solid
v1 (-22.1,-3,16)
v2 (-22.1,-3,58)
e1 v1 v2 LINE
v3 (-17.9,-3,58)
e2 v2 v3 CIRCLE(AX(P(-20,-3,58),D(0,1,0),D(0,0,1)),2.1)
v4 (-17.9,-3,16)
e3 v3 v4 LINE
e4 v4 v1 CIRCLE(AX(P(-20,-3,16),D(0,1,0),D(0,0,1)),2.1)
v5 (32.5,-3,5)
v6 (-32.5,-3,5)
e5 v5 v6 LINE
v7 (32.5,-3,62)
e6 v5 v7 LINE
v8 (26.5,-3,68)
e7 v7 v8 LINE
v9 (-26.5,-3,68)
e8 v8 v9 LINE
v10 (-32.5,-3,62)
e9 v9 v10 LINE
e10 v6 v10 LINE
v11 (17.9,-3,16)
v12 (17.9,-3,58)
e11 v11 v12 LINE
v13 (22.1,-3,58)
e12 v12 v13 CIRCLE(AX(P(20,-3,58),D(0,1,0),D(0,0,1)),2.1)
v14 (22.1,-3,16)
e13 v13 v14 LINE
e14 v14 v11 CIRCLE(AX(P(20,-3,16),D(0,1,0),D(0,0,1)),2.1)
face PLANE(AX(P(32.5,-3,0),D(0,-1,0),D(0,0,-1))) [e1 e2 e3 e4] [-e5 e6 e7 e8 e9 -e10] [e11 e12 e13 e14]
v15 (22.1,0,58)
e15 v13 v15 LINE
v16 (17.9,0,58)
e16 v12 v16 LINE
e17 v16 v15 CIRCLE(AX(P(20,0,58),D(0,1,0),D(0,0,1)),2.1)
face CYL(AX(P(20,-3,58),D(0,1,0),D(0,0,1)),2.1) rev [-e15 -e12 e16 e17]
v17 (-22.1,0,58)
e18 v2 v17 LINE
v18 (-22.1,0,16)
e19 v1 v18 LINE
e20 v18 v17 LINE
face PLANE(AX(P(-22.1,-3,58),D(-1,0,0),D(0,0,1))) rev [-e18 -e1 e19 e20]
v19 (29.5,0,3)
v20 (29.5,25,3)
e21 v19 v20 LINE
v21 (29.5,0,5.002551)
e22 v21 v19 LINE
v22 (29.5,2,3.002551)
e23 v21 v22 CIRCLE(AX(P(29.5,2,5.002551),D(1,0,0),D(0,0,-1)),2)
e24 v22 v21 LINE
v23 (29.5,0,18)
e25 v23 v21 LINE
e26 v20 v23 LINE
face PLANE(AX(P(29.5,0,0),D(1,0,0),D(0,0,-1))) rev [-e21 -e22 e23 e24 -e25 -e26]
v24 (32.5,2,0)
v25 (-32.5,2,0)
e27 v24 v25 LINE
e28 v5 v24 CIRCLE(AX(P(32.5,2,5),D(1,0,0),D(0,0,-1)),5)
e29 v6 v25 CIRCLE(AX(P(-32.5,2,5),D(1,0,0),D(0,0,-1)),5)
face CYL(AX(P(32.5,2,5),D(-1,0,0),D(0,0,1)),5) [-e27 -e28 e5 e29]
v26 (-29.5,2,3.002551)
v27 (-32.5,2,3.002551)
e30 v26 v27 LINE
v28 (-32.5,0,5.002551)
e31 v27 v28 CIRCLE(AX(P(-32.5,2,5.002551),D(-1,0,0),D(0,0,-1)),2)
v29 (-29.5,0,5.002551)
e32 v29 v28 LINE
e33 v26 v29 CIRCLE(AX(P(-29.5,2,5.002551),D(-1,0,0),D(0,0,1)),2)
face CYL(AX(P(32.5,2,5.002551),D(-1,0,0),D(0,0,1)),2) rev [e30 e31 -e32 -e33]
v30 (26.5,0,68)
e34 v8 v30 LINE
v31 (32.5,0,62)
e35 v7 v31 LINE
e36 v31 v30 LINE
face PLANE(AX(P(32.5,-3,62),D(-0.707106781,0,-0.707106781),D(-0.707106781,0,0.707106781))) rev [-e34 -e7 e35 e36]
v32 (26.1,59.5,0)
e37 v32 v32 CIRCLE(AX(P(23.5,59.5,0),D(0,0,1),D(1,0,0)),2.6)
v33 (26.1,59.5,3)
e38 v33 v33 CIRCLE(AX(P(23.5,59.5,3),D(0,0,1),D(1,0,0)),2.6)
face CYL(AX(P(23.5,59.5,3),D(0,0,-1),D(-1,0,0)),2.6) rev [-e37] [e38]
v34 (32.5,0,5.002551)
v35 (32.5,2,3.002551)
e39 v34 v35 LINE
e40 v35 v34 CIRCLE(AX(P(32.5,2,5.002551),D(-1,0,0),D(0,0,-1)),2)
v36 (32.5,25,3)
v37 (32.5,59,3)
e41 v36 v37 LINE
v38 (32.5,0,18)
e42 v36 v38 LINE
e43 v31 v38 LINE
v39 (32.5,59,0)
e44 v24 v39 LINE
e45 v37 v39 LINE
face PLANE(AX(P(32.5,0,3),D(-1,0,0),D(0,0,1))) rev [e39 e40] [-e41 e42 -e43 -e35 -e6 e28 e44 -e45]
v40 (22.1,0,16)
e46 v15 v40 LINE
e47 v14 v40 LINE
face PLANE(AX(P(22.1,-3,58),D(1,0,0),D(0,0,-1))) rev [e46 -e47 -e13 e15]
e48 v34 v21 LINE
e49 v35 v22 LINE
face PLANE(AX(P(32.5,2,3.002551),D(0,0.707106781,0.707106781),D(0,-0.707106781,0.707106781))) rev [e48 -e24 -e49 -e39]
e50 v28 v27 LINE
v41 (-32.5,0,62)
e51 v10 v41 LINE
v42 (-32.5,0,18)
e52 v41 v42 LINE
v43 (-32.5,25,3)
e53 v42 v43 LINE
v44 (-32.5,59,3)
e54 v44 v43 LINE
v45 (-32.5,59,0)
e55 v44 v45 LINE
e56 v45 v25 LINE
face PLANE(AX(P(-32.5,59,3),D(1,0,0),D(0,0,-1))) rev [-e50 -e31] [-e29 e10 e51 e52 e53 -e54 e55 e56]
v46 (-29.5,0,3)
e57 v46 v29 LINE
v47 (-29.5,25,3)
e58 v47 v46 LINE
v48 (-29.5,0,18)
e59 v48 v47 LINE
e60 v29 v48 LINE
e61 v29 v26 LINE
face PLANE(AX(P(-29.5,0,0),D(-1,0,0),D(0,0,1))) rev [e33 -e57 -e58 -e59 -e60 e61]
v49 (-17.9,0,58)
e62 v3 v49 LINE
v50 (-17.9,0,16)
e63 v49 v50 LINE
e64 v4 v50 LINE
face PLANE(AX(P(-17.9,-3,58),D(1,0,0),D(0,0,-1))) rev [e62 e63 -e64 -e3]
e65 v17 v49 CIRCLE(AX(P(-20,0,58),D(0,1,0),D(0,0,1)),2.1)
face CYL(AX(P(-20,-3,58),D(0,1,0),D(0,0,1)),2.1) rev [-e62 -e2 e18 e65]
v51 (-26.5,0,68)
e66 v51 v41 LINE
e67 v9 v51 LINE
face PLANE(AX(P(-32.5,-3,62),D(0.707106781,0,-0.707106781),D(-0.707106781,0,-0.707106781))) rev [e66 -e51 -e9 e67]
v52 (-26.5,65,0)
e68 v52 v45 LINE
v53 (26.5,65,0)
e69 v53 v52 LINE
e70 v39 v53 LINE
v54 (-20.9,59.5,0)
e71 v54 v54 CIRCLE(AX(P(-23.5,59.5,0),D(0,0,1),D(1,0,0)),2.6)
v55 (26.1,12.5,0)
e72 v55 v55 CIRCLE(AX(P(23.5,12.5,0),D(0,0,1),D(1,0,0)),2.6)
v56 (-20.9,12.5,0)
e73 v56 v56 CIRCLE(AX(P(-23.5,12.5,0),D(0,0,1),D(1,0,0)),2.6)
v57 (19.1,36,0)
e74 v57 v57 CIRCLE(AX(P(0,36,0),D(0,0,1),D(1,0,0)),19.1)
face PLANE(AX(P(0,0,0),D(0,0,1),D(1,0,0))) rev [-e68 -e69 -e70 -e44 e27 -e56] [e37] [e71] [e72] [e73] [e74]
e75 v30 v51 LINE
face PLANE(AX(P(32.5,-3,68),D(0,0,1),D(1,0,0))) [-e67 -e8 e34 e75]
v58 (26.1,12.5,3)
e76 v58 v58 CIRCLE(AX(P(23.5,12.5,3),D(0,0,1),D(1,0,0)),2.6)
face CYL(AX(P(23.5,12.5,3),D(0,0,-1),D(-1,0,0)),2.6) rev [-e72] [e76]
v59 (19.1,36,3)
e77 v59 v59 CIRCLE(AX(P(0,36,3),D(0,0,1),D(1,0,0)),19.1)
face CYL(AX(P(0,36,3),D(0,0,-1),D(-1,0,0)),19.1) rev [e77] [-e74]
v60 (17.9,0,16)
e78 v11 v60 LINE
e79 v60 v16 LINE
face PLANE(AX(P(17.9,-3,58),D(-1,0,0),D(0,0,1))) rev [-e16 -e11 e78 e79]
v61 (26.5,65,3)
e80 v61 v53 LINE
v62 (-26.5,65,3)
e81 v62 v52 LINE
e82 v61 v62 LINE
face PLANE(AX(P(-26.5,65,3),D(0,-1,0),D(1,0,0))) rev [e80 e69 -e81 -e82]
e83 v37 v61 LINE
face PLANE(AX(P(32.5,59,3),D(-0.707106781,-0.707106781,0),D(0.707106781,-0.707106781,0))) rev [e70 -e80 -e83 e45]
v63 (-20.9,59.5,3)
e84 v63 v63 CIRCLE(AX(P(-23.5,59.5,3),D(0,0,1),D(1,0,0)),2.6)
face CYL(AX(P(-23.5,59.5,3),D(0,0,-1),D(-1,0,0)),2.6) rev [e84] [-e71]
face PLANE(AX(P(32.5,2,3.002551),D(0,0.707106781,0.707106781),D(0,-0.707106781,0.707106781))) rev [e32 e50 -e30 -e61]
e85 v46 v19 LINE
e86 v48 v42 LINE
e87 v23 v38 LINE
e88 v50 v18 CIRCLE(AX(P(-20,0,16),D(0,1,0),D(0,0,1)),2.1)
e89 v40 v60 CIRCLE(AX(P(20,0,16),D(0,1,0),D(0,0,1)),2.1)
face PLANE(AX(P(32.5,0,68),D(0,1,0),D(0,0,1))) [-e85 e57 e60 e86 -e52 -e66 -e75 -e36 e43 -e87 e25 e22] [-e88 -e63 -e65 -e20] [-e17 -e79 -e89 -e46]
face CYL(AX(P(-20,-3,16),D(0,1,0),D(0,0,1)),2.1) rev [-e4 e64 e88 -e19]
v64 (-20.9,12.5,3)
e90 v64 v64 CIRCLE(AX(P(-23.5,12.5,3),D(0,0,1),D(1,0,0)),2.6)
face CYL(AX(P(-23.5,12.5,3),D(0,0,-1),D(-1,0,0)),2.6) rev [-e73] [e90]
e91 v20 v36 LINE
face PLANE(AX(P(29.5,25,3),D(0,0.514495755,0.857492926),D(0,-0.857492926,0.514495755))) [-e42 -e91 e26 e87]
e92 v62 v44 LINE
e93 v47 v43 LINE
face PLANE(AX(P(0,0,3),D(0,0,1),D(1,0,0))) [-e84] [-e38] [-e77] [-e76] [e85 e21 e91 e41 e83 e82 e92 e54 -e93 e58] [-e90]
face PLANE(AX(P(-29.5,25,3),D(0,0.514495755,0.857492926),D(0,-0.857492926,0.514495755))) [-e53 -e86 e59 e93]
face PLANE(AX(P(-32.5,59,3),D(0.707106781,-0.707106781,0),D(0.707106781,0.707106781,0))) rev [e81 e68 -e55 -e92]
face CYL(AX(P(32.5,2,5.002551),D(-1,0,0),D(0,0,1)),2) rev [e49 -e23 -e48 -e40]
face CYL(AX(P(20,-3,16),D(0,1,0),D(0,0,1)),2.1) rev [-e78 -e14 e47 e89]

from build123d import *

# Parameters (mm, degrees)
SKETCH1_R           = 19.1
SKETCH1_R_2         = 2.6
BOSS_EXTRUDE1_DEPTH = 3
SKETCH2_W           = 68
SKETCH2_H           = 3
BOSS_EXTRUDE2_DEPTH = 65
BOSS_EXTRUDE3_DEPTH = 3
BOSS_EXTRUDE4_DEPTH = 3
CUT_EXTRUDE1_DEPTH  = 3
CUT_EXTRUDE2_DEPTH  = 65


with BuildPart() as part:
    # Sketch1 → Boss-Extrude1 (new body)
    with BuildSketch(Plane.XY):
        Polygon((-32.5, 59), (-32.5, 0), (32.5, 0), (32.5, 59), (26.5, 65), (-26.5, 65), align=None)
        with Locations((0, 36)):
            Circle(SKETCH1_R, mode=Mode.SUBTRACT)
        with Locations((-23.5, 59.5)):
            Circle(SKETCH1_R_2, mode=Mode.SUBTRACT)
        with Locations((23.5, 59.5)):
            Circle(SKETCH1_R_2, mode=Mode.SUBTRACT)
        with Locations((23.5, 12.5)):
            Circle(SKETCH1_R_2, mode=Mode.SUBTRACT)
        with Locations((-23.5, 12.5)):
            Circle(SKETCH1_R_2, mode=Mode.SUBTRACT)
    extrude(amount=BOSS_EXTRUDE1_DEPTH)

    # Sketch2 → Boss-Extrude2 (add)
    with BuildSketch(Plane.ZY.offset(32.5)):
        with Locations((34, -1.5)):
            Rectangle(SKETCH2_W, SKETCH2_H)
    extrude(amount=-BOSS_EXTRUDE2_DEPTH)

    # Sketch3 → Boss-Extrude3 (add)
    with BuildSketch(Plane.ZY.offset(32.5)):
        Polygon((3, 25), (18, 0), (3, 0), align=None)
    extrude(amount=-BOSS_EXTRUDE3_DEPTH)

    # Sketch4 → Boss-Extrude4 (add)
    with BuildSketch(Plane(origin=(32.5, 0, 0), x_dir=(0, 0, -1), z_dir=(1, 0, 0))):
        Polygon((-3, 0), (-18, 0), (-3, 25), align=None)
    extrude(amount=-BOSS_EXTRUDE4_DEPTH)

    # Sketch5 → Cut-Extrude1 (cut)
    with BuildSketch(Plane(origin=(0, 0, 0), x_dir=(1, 0, 0), z_dir=(0, 1, 0))):
        Polygon((-32.5, -68), (-32.5, -62), (-26.5, -68), align=None)
        Polygon((32.5, -68), (32.5, -62), (26.5, -68), align=None)
        with BuildLine():
            Line((17.9, -58), (17.9, -16))
            ThreePointArc((17.9, -16), (20, -13.9), (22.1, -16))
            Line((22.1, -16), (22.1, -58))
            ThreePointArc((22.1, -58), (20, -60.1), (17.9, -58))
        make_face()
        with BuildLine():
            Line((-22.1, -58), (-22.1, -16))
            ThreePointArc((-22.1, -16), (-20, -13.9), (-17.9, -16))
            Line((-17.9, -16), (-17.9, -58))
            ThreePointArc((-17.9, -58), (-20, -60.1), (-22.1, -58))
        make_face()
    extrude(amount=-CUT_EXTRUDE1_DEPTH, mode=Mode.SUBTRACT)

    # Sketch6 → Cut-Extrude2 (cut)
    with BuildSketch(Plane.ZY.offset(32.5)):
        with BuildLine():
            Line((0, -3), (5, -3))
            ThreePointArc((5, -3), (1.464466094, -1.535533906), (0, 2))
            Line((0, 2), (0, -3))
        make_face()
        with BuildLine():
            Line((3.002550682, 2), (5.002550682, 0))
            ThreePointArc((5.002550682, 0), (3.58833712, 0.585786438), (3.002550682, 2))
        make_face()
    extrude(amount=-CUT_EXTRUDE2_DEPTH, mode=Mode.SUBTRACT)


solid = part.part
